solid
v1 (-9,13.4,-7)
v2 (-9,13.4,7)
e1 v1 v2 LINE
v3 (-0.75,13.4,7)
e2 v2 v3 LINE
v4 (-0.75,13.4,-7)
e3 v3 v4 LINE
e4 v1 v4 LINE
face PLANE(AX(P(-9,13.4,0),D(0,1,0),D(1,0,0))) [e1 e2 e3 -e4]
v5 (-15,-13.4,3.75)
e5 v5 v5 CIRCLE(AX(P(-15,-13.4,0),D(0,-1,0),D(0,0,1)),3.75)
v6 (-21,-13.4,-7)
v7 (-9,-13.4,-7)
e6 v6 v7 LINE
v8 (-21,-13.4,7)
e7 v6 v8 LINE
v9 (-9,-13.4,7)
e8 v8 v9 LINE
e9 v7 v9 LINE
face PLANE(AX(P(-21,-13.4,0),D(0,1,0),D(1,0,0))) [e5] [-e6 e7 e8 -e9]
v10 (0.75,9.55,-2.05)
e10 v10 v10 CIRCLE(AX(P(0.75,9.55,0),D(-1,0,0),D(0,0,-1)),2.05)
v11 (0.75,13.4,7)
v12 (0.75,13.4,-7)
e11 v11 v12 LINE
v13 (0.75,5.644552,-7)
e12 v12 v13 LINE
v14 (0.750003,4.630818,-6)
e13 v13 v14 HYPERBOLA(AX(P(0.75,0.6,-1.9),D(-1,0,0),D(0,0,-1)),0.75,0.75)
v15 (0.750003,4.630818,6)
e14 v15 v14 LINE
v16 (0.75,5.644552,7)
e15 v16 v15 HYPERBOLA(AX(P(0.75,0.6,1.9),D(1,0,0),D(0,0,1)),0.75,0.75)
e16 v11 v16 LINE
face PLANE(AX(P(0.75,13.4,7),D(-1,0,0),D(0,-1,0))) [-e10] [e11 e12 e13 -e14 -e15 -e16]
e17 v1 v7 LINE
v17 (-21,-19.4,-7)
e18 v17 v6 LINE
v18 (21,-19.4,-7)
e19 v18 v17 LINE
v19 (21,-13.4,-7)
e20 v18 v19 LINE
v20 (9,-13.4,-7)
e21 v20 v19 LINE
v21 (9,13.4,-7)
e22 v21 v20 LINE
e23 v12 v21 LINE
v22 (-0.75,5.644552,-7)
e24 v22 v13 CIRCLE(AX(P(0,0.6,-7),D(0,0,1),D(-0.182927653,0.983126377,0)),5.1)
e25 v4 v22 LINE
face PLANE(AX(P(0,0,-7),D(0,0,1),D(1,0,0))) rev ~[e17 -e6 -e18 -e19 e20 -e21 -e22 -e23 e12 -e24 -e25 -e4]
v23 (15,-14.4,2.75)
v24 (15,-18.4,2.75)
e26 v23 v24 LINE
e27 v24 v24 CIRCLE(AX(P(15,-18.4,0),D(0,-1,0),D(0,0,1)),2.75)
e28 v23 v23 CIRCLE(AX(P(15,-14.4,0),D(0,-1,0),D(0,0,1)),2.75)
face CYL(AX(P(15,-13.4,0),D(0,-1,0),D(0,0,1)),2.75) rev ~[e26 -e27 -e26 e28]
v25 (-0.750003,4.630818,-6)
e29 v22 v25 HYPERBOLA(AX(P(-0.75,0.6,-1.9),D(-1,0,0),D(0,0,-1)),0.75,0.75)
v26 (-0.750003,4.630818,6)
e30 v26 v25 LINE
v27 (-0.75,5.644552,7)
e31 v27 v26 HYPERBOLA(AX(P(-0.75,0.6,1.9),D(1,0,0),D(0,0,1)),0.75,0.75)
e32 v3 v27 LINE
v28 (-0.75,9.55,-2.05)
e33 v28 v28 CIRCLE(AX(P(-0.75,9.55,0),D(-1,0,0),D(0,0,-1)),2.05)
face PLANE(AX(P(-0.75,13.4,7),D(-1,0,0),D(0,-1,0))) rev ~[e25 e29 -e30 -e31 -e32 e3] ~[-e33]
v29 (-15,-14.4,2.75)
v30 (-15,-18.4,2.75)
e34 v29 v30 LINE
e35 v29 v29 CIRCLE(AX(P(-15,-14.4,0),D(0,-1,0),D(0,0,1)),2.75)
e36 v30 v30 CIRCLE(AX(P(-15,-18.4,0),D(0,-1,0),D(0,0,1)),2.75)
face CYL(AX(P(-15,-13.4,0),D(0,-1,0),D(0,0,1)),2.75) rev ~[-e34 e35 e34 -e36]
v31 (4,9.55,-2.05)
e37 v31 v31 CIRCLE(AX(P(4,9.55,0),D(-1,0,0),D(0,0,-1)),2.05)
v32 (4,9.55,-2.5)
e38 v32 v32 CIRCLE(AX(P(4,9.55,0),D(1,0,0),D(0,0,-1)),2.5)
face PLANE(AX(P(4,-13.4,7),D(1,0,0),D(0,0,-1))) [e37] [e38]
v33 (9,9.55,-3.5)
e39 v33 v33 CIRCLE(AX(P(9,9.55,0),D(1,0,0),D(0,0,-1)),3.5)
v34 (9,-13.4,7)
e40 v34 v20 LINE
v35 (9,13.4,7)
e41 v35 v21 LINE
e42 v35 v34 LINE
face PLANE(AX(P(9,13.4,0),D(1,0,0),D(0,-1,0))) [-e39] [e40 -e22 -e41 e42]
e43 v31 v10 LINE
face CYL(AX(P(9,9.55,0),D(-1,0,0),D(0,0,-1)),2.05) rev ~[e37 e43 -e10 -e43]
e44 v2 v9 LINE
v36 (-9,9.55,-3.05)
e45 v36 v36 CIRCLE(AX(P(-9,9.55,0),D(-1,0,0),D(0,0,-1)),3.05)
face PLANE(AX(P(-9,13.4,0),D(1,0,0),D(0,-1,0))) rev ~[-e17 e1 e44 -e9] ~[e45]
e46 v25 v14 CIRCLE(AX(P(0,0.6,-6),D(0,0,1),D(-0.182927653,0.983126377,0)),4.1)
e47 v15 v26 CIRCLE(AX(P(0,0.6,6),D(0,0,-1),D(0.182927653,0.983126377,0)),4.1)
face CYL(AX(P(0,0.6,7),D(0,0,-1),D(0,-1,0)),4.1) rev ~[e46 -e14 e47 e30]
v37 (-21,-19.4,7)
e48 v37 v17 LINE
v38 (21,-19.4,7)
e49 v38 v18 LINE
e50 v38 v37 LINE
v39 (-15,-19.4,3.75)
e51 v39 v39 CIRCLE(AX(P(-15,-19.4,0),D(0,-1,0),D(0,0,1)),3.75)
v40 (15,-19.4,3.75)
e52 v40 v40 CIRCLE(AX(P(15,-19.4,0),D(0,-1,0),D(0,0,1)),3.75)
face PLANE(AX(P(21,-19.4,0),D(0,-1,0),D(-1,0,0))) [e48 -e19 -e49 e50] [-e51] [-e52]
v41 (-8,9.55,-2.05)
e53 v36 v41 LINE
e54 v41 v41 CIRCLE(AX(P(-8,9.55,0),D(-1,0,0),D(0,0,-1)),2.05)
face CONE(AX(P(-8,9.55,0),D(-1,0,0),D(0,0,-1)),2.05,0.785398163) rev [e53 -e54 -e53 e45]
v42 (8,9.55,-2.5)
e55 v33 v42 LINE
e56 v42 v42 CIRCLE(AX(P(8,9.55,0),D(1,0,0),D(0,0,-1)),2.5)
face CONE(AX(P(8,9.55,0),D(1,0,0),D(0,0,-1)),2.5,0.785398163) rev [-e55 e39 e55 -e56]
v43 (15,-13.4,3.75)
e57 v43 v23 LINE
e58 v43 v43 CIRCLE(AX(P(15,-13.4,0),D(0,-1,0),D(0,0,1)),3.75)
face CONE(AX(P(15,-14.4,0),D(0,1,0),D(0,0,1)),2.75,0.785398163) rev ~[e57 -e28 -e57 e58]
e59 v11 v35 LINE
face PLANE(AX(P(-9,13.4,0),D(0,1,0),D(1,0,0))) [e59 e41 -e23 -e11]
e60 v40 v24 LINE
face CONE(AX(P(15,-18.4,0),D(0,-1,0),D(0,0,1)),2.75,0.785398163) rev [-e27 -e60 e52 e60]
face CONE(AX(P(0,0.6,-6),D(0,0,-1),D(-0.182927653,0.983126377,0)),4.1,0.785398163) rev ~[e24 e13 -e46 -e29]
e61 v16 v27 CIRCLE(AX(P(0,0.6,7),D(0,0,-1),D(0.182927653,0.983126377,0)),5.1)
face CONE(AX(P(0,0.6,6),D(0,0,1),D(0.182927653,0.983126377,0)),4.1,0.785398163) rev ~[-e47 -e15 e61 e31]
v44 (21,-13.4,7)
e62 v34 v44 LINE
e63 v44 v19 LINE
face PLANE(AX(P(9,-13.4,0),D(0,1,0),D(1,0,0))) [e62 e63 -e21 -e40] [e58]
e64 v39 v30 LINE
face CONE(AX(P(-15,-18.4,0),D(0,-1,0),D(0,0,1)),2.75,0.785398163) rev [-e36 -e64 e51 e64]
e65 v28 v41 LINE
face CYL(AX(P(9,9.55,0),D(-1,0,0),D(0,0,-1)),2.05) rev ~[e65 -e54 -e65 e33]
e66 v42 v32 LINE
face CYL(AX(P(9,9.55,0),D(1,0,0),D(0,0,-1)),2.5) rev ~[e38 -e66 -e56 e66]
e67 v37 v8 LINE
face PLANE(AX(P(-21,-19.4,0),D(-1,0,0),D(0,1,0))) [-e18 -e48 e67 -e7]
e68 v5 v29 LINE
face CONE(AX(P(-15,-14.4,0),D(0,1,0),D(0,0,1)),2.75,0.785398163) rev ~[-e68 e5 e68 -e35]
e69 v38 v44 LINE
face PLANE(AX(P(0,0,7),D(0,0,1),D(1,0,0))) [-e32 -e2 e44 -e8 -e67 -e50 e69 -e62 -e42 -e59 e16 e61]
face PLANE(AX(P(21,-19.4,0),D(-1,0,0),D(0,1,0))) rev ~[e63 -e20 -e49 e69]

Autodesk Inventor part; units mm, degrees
ref_plane "YZ Plane" through (0, 0, 0) normal (1, 0, 0) x (0, 1, 0)
ref_plane "XZ Plane" through (0, 0, 0) normal (0, 1, 0) x (-1, 0, 0)
ref_plane "XY Plane" through (0, 0, 0) normal (0, 0, 1) x (1, 0, 0)
sketch "Эскиз1" plane through (0, 0, 0) normal (0, 0, 1) x (1, 0, 0)
  line L0 (-9, 13.4) -> (9, 13.4)
  line L1 (21, -19.4) -> (-21, -19.4)
  line L2 (-21, -19.4) -> (-21, -13.4)
  line L3 (-9, 13.4) -> (-9, -13.4)
  line L4 (9, 13.4) -> (9, -13.4)
  line L5 (21, -19.4) -> (21, -13.4)
  line L6 (-21, -13.4) -> (-9, -13.4)
  line L7 (9, -13.4) -> (21, -13.4)
  point P0 (0, 0)
  point P1 (-9, 0)
  point P2 (0, -19.4)
  dimension "d0" = 42
  dimension "d2" = 18
  dimension "d3" = 9
  dimension "d6" = 6
  dimension "d7" = 32.8
extrude "Выдавливание1" add sketch "Эскиз1" along normal mid plane 14
sketch "Эскиз3" plane through (0, 0, 7) normal (0, 0, 1) x (1, 0, 0)
  line L0 (-21, -19.4) -> (21, -19.4) projected
  point P0 (0, 0)
  point P1 (0, 0.6)
  dimension "d12" = 20
hole "Отверстие1" at (0, 0.6, 7) direction (0, 0, -1) diameter 8.2 end through all
sketch "Эскиз4" plane through (0, 0, 7) normal (0, 0, 1) x (1, 0, 0)
  line L0 (-9, 13.4) -> (9, 13.4) projected
  line L1 (-0.75, 13.4) -> (-0.75, 4.6308)
  circle A0 centre (0, 0.6) radius 4.1 projected
  line L2 (0.75, 13.4) -> (0.75, 4.6308)
  point P0 (0, 0)
  dimension "d20" = 1.5
  dimension "d21" = 0.75
extrude "Выдавливание2" cut sketch "Эскиз4" against normal blind 14 contours L0 L2 A0 L1
sketch "Эскиз6" plane through (9, -13.4, 7) normal (0, 1, 0) x (1, 0, 0)
  line L0 (12, 14) -> (12, 0) projected
  line L1 (0, 14) -> (12, 14) projected
  point P0 (-9, 7)
  point P1 (6, 7)
  point P2 (12, 7)
  point P3 (6, 14)
hole "Отверстие3" at (15, -13.4, 0) direction (0, -1, 0) diameter 5.5 end through all
sketch "Эскиз7" plane through (-21, -13.4, 7) normal (0, 1, 0) x (1, 0, 0)
  line L0 (0, 14) -> (12, 14) projected
  line L1 (0, 0) -> (0, 14) projected
  point P0 (21, 7)
  point P1 (6, 7)
  point P2 (6, 14)
  point P3 (0, 7)
hole "Отверстие4" at (-15, -13.4, 0) direction (0, -1, 0) diameter 5.5 end through all
sketch "Эскиз8" plane through (9, -13.4, 7) normal (1, 0, 0) x (0, 0, -1)
  line L0 (14, 26.8) -> (0, 26.8) projected
  point P0 (7, 13.4)
  point P1 (7, 22.95)
  point P2 (7, 26.8)
  dimension "d50" = 3.85
sketch "Эскиз9" plane through (9, -13.4, 7) normal (1, 0, 0) x (0, 0, -1)
  point P0 (7, 13.4)
hole "Отверстие5" at (9, 9.55, 0) direction (-1, 0, 0) diameter 4.1 end through all
thread "Резьба2" size "M4.5x0.75" class "6H" standard "ANSI Metric M Profile" full length
sketch "Эскиз10" plane through (9, -13.4, 7) normal (1, 0, 0) x (0, 0, -1)
  circle A0 centre (7, 22.95) radius 2.5
  line L0 (14, 26.8) -> (0, 26.8) projected
  point P0 (7, 13.4)
  point P1 (7, 26.8)
  dimension "d60" = 5
  dimension "d61" = 3.85
extrude "Выдавливание3" cut sketch "Эскиз10" against normal blind 5
chamfer "Фаска1" distance 1 angle 45 8 edges at (0, -3.5, 7) (-9, 9.55, 2.05) (-15, -19.4, -2.75) (15, -19.4, -2.75) (0, -3.5, -7) (15, -13.4, -2.75) (-15, -13.4, -2.75) (9, 9.55, 2.5)
properties part number "SK10"
